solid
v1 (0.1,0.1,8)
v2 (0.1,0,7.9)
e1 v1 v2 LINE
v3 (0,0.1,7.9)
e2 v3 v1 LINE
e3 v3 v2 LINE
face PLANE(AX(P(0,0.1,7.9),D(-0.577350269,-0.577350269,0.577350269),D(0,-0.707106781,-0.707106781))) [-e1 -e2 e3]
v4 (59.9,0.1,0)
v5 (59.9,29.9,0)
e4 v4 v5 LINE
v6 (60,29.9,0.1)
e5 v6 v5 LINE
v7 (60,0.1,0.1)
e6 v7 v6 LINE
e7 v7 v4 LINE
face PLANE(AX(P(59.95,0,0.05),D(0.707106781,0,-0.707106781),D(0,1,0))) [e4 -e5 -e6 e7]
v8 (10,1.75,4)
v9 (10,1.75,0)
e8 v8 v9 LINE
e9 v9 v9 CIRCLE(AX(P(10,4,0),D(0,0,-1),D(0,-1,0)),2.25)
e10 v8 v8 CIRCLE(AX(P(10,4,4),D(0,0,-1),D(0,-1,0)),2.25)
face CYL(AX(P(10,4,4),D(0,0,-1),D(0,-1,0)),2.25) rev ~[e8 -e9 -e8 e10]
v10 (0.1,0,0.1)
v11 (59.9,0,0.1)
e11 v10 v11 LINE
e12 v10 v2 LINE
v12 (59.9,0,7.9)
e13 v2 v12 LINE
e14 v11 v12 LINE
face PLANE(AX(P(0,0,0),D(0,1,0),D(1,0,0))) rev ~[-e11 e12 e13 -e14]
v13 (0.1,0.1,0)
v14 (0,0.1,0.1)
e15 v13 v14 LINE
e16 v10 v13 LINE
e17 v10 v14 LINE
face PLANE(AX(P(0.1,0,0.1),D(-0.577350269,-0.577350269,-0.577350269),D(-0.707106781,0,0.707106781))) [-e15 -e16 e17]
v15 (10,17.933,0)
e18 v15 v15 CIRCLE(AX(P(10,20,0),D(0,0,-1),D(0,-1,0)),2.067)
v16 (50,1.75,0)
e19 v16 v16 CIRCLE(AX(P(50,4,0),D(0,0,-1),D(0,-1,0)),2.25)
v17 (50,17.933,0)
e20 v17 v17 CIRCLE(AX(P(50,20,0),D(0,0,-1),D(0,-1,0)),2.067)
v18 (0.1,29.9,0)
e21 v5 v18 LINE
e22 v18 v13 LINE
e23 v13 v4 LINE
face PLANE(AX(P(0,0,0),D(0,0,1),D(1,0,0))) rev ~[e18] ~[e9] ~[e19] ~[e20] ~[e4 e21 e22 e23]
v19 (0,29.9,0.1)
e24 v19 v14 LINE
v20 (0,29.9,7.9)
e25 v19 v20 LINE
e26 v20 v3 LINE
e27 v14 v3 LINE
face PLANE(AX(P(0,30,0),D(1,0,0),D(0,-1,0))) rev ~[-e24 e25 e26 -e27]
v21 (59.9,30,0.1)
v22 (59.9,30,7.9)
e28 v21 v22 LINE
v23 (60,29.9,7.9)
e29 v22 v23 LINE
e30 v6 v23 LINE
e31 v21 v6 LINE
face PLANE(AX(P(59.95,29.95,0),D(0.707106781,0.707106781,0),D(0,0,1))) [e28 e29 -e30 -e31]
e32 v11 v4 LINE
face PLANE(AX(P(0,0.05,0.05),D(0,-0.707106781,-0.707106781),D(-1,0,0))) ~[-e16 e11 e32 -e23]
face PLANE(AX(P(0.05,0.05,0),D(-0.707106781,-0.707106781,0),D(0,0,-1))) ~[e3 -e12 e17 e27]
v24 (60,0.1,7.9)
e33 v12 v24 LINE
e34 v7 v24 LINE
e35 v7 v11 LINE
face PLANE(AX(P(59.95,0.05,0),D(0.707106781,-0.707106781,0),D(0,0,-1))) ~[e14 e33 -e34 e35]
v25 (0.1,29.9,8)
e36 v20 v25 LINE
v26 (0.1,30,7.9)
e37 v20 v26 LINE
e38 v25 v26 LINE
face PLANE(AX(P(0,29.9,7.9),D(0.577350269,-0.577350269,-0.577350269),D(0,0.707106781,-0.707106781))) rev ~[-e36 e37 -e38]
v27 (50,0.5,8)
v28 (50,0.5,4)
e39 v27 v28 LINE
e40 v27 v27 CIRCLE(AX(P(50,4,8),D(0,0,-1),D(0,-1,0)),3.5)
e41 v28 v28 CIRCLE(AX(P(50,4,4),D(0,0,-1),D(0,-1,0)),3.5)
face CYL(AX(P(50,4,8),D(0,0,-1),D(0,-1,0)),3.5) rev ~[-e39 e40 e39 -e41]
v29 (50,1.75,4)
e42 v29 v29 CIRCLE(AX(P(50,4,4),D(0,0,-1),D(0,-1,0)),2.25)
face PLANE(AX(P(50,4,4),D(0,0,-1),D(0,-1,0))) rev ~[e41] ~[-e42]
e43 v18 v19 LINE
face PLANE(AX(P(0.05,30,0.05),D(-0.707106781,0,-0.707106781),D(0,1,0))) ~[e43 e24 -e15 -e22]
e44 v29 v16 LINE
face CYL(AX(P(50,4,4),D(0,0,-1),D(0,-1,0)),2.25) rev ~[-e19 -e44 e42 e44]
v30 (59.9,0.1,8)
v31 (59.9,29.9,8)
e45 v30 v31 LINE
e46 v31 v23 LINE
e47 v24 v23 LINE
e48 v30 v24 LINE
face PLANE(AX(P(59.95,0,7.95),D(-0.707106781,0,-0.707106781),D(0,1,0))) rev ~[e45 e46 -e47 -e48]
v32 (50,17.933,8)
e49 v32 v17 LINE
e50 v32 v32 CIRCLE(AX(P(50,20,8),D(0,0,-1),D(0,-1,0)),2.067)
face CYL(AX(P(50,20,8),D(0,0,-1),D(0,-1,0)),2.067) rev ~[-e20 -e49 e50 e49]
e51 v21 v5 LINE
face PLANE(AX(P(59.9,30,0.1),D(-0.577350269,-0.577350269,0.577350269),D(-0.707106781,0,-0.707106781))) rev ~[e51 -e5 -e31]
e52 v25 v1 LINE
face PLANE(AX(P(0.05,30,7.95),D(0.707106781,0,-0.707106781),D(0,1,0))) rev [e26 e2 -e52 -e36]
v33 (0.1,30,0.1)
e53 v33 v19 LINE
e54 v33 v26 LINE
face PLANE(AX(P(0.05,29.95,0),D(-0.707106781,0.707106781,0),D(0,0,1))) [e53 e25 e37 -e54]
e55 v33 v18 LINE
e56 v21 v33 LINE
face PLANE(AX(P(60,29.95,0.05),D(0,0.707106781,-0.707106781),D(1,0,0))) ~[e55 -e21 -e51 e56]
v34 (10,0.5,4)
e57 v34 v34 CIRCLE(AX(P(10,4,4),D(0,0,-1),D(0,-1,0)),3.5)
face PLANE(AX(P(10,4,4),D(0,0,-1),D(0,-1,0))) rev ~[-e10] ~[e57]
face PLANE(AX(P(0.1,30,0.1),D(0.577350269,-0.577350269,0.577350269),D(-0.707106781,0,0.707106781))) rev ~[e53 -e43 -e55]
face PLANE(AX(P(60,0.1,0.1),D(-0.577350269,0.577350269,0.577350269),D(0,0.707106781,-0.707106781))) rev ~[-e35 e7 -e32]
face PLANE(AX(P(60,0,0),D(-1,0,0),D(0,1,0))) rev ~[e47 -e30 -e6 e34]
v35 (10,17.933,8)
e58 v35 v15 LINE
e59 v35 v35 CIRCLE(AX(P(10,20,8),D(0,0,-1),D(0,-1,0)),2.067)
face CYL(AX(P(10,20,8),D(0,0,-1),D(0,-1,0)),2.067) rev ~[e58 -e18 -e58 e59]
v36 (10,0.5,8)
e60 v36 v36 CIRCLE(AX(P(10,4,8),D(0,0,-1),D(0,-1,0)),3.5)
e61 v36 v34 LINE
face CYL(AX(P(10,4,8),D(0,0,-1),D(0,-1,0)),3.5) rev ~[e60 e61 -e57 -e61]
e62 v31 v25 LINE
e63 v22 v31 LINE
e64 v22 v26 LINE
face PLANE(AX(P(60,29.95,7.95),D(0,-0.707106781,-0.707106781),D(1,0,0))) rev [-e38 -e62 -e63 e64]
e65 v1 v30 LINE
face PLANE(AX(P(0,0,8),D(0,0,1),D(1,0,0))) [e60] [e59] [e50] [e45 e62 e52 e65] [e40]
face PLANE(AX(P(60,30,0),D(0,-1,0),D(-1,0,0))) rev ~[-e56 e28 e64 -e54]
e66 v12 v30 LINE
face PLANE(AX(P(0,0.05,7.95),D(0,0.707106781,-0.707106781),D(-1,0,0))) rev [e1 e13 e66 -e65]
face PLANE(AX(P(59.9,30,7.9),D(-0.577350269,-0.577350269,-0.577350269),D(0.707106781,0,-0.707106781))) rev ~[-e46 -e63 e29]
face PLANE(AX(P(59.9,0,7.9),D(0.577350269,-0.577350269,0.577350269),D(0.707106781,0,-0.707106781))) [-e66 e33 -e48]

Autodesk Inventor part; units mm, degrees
ref_plane "YZ Plane" through (0, 0, 0) normal (1, 0, 0) x (0, 1, 0)
ref_plane "XZ Plane" through (0, 0, 0) normal (0, 1, 0) x (-1, 0, 0)
ref_plane "XY Plane" through (0, 0, 0) normal (0, 0, 1) x (1, 0, 0)
sketch "Sketch1" plane through (0, 0, 0) normal (0, 0, 1) x (1, 0, 0)
  line L0 (0, 0) -> (60, 0)
  line L1 (60, 0) -> (60, 30)
  line L2 (60, 30) -> (0, 30)
  line L3 (0, 30) -> (0, 0)
  dimension "d0" = 60
  dimension "d1" = 30
extrude "Extrusion1" add sketch "Sketch1" along normal blind 8
sketch "Sketch2" plane through (0, 0, 8) normal (0, 0, 1) x (1, 0, 0)
  circle A0 centre (10, 4) radius 2 projected
  circle A1 centre (50, 4) radius 2 projected
  point P0 (0, 0)
hole "Hole1" at (10, 4, 8) at (50, 4, 8) direction (0, 0, -1) diameter 4.5 end through all counterbore diameter 7 counterbore depth 4
sketch "Sketch3" plane through (0, 0, 8) normal (0, 0, 1) x (1, 0, 0)
  line L0 (0, 0) -> (60, 0) construction
  line L1 (30, 0) -> (30, 50) construction
  line L2 (30, 0) -> (80, 0) construction
  line L3 (-6.3387, 20) -> (66.0929, 20) construction
  line L4 (0, 30) -> (0, 0) projected
  line L5 (60, 0) -> (60, 30) projected
  point P0 (50, 20)
  point P1 (10, 20)
  dimension "d11" = 50
  dimension "d12" = 90
  dimension "d13" = 20
  dimension "d14" = 10
  dimension "d15" = 10
hole "Hole2" at (50, 20, 8) at (10, 20, 8) direction (0, 0, -1) diameter 4.134 end through all thread size "M5x0.8" class "6H" standard "ISO Metric profile"
chamfer "Chamfer1" distance 0.1 angle 45 12 edges at (60, 15, 8) (30, 30, 8) (30, 0, 8) (0, 15, 8) (0, 15, 0) (30, 0, 0) (0, 0, 4) (60, 0, 4) (60, 15, 0) (60, 30, 4) (30, 30, 0) (0, 30, 4)
equation "\"d15\" = d14"
properties part number "Portal-Column-v2-Top" material "Aluminum 6061"
